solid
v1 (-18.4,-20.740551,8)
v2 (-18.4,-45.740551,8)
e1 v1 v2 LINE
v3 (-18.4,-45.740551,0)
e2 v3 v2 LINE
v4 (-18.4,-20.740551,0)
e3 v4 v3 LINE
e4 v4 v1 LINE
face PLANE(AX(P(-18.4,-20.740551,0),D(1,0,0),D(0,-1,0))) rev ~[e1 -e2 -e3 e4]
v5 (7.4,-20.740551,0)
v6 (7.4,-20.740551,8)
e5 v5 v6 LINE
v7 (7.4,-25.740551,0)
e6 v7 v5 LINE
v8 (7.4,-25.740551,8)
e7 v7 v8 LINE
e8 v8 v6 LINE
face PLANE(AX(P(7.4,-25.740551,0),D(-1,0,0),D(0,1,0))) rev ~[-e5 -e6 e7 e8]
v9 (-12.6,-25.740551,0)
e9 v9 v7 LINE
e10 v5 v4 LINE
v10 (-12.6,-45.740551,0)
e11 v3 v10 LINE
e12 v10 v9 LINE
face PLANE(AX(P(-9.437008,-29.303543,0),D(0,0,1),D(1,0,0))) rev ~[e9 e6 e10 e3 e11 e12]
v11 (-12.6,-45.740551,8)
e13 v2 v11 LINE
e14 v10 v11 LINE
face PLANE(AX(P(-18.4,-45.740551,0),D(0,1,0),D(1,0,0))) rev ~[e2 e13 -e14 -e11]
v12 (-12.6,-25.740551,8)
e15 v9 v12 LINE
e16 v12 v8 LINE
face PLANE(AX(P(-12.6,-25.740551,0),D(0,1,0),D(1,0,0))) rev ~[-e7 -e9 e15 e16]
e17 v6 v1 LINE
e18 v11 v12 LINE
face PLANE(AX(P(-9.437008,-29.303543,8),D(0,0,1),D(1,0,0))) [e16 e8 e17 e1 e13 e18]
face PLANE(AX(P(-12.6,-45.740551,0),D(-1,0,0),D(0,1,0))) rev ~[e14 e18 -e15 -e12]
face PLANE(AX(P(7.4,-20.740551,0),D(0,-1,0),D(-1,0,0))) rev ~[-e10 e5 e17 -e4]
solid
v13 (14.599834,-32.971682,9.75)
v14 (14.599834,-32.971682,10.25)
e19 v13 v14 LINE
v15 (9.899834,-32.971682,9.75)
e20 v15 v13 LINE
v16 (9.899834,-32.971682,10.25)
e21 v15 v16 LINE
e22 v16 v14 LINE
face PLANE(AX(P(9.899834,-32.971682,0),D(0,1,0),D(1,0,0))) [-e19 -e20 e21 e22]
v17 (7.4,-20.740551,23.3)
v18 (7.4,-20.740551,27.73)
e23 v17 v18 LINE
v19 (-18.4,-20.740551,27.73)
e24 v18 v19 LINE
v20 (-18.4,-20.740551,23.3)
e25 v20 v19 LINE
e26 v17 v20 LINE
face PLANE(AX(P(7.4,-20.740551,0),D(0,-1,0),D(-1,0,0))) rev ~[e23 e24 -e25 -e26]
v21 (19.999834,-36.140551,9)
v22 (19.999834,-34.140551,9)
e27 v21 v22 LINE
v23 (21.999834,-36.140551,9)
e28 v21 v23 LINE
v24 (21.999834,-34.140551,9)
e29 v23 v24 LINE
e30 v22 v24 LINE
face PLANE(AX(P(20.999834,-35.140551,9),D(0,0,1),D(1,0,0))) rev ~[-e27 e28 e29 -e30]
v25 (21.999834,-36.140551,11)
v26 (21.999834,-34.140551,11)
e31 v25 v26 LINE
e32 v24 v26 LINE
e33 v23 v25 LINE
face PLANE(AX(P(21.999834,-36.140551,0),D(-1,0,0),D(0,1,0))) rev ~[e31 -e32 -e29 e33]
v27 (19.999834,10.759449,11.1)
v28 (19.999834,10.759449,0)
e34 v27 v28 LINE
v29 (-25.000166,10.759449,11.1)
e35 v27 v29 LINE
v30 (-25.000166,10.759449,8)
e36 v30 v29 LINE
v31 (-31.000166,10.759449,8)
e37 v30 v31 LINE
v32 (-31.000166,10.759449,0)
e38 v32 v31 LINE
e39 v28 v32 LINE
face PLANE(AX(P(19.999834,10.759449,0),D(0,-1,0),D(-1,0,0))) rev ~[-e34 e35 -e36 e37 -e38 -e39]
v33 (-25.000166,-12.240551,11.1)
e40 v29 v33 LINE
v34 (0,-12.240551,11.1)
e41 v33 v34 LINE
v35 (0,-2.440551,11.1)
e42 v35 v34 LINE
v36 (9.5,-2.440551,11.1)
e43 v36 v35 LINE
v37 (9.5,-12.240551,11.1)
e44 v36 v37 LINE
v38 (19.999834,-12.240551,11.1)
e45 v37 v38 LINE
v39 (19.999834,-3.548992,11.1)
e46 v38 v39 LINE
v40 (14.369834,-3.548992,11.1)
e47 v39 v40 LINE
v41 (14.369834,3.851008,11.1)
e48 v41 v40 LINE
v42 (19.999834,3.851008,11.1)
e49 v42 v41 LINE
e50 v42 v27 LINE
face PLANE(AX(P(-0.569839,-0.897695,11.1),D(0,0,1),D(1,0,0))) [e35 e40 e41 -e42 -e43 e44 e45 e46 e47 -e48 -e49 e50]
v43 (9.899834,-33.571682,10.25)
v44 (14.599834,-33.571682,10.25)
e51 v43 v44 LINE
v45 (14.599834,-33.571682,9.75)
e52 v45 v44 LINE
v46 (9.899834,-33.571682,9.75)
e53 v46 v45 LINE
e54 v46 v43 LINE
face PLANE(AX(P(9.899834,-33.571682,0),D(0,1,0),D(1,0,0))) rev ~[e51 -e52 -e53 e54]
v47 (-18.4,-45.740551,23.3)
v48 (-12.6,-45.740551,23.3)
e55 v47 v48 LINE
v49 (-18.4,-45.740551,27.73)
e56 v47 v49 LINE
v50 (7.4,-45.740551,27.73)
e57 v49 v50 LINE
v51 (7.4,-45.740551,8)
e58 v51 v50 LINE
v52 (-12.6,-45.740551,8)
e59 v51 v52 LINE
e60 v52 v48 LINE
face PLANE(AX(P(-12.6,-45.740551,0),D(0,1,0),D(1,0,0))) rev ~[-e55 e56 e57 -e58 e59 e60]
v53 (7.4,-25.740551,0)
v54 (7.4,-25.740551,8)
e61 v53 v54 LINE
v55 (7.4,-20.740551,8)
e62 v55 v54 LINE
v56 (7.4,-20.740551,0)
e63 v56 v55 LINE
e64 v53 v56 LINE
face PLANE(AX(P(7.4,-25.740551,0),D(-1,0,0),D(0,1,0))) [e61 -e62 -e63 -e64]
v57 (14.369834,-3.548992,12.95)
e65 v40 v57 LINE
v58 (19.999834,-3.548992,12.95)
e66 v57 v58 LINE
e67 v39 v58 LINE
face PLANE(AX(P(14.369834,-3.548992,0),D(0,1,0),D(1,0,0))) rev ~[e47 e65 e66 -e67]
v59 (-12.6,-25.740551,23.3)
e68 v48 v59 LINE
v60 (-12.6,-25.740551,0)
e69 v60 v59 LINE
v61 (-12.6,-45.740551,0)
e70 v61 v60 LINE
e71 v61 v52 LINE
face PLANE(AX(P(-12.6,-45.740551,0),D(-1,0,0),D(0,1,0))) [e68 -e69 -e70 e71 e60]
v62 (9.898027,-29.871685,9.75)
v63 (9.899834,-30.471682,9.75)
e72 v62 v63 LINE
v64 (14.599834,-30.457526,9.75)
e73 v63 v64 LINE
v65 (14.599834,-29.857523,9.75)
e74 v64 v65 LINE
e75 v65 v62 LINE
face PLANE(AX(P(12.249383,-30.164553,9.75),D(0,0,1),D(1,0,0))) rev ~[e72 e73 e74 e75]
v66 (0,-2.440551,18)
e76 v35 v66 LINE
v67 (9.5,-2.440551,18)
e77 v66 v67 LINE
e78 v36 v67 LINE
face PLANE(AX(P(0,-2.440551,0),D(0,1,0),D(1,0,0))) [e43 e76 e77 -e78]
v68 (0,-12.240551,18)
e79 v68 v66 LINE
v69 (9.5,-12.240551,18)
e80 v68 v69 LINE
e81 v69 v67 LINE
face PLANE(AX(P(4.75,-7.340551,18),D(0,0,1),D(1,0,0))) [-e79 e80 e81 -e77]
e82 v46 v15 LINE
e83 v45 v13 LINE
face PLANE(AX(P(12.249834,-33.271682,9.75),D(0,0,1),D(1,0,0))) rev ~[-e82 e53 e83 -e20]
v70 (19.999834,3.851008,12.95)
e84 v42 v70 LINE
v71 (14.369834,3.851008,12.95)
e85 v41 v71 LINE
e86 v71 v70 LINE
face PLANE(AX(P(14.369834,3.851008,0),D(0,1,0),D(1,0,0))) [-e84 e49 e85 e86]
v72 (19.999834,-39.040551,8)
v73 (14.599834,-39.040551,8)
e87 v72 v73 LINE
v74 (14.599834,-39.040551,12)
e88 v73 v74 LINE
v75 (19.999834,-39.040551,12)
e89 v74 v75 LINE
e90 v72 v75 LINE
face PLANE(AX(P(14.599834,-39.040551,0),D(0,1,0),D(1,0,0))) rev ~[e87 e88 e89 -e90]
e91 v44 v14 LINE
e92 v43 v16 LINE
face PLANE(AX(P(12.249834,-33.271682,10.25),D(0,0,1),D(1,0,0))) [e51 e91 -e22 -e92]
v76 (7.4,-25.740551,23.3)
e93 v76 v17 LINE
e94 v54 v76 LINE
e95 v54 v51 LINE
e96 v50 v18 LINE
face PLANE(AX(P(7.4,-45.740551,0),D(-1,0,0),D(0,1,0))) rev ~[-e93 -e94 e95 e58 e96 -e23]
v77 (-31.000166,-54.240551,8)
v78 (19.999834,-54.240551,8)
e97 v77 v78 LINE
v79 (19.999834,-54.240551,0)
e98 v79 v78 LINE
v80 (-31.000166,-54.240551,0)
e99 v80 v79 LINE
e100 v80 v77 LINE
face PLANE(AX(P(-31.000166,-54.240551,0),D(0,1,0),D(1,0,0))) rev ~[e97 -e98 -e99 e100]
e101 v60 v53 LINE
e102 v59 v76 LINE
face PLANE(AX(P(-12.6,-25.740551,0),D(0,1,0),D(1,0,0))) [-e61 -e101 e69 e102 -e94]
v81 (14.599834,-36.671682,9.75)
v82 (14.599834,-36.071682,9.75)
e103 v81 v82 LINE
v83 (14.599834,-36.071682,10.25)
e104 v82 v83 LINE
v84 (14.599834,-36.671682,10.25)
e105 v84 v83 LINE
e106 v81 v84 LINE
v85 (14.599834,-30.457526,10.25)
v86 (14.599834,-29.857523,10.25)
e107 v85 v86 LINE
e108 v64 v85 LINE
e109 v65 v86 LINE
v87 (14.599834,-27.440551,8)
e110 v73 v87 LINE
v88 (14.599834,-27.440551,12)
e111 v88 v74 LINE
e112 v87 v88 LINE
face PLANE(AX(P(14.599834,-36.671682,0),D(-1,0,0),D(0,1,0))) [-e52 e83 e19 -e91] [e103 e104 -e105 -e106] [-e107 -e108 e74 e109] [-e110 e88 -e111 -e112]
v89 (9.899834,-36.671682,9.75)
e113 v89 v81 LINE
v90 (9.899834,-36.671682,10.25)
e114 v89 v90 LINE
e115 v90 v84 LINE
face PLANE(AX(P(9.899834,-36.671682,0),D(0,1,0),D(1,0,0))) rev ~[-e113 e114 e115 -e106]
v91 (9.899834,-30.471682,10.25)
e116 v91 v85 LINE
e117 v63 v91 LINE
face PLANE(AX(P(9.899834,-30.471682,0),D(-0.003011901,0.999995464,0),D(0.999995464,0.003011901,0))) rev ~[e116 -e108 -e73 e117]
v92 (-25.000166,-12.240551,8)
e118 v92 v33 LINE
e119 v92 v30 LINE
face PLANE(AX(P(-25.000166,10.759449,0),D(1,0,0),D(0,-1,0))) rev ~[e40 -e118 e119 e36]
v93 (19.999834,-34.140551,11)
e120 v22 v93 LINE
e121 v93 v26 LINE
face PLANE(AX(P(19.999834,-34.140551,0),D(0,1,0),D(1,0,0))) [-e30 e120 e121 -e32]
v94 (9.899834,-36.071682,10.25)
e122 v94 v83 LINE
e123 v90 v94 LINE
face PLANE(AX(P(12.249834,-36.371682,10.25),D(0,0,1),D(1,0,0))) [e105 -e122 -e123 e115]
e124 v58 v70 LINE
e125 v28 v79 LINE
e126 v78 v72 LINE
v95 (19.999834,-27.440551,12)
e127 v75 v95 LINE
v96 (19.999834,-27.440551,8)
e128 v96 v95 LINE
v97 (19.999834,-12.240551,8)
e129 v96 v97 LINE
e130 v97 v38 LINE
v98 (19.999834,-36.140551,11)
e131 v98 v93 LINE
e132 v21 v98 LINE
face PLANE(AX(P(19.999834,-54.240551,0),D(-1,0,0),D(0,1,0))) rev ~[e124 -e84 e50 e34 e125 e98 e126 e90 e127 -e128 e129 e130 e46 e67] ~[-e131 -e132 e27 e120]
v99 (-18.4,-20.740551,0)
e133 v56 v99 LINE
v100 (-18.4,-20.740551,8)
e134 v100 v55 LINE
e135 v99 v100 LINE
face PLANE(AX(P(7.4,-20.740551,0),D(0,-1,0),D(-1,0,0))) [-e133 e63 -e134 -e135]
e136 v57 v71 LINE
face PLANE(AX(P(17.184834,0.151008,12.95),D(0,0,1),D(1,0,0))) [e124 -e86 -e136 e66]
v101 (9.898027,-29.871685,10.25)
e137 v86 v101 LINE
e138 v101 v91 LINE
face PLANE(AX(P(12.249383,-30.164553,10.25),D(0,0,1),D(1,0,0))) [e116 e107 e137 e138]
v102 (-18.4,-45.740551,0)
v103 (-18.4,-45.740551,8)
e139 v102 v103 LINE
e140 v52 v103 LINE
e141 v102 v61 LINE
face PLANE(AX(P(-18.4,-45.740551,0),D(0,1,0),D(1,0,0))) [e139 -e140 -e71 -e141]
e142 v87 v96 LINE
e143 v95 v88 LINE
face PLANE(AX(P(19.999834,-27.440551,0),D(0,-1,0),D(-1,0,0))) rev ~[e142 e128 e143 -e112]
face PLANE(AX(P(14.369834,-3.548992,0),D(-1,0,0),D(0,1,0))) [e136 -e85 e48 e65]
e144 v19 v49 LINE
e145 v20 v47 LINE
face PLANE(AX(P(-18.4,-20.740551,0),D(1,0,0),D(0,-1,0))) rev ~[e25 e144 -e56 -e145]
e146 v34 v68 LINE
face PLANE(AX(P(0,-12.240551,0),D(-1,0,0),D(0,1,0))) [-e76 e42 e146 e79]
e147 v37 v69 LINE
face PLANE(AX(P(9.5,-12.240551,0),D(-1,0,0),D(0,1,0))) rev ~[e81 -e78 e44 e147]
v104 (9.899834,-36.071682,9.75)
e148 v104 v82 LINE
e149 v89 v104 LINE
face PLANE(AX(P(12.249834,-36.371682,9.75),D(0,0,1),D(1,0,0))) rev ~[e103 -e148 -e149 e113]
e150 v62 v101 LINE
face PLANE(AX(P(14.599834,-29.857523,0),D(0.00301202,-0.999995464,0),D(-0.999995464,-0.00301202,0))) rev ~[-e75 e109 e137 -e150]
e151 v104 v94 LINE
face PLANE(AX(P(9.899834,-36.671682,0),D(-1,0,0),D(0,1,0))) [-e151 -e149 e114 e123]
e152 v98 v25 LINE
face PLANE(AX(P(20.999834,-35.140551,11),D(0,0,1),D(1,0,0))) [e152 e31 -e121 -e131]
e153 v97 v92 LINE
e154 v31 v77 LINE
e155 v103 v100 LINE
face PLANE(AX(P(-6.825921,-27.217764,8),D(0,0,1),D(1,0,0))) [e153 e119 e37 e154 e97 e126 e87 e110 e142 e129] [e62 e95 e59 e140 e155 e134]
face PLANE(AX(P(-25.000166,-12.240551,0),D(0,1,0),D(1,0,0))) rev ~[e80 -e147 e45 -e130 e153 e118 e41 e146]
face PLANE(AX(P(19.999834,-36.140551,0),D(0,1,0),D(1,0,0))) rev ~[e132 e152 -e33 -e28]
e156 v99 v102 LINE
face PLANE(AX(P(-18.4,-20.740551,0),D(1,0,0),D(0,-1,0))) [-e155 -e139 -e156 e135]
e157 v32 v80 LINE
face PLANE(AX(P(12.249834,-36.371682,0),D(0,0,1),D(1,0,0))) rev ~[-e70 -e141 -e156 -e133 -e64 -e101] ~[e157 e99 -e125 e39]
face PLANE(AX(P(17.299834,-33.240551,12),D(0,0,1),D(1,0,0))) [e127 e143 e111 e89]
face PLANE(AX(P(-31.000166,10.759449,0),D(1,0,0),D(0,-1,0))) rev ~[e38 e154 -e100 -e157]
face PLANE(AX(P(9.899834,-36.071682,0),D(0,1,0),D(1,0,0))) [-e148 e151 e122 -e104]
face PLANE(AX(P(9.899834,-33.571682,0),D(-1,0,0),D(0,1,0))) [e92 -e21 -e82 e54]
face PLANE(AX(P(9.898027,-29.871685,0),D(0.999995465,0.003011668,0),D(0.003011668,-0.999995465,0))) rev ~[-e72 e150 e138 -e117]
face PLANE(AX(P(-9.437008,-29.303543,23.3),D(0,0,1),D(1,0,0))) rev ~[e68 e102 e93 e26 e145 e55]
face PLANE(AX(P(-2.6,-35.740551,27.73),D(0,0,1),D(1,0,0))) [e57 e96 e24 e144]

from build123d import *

# Parameters (mm, degrees)
F0_W      = 20
F0_H      = 20
F0_W_2    = 9.5
F0_H_2    = 9.8
F0_W_3    = 5.63
F0_H_3    = 7.4
F0_W_4    = 4.7
F0_H_4    = 0.6
F1_DEPTH  = 8
F2_DEPTH  = 11.1
F3_DEPTH  = 12.95
F4_DEPTH  = 18
F5_DEPTH  = 23.3
F6_DEPTH  = 27.73
F7_DEPTH  = 23.3
F8_DEPTH  = 8
F9_DEPTH  = 12
F10_DEPTH = 10.25
F11_DEPTH = 9.75
F12_DEPTH = 8
F0_W_5    = 2
F0_H_5    = 2
F13_DEPTH = 11
F14_DEPTH = 9


with BuildPart() as f1:
    # F0 (on Top) → F1 (new body)
    with BuildSketch(Plane.XY):
        Polygon((-25.000166, 10.759449), (-31.000166, 10.759449), (-31.000166, -54.240551), (19.999834, -54.240551), (19.999834, -39.040551), (14.599834, -39.040551), (14.599834, -36.671682), (9.899834, -36.671682), (9.899834, -36.071682), (14.599834, -36.071682), (14.599834, -33.571682), (9.899834, -33.571682), (9.899834, -32.971682), (14.599834, -32.971682), (14.599834, -30.457526), (9.899834, -30.471682), (9.898027, -29.871685), (14.599834, -29.857523), (14.599834, -27.440551), (19.999834, -27.440551), (19.999834, -12.240551), (9.5, -12.240551), (0, -12.240551), (-25.000166, -12.240551), align=None)
        Polygon((-12.6, -45.740551), (-18.4, -45.740551), (-18.4, -20.740551), (7.4, -20.740551), (7.4, -25.740551), (7.4, -45.740551), align=None, mode=Mode.SUBTRACT)
        with Locations((-2.6, -35.740551)):
            Rectangle(F0_W, F0_H)
        Polygon((-18.4, -20.740551), (-18.4, -45.740551), (-12.6, -45.740551), (-12.6, -25.740551), (7.4, -25.740551), (7.4, -20.740551), align=None)
        Polygon((19.999834, 10.759449), (-25.000166, 10.759449), (-25.000166, -12.240551), (0, -12.240551), (0, -2.440551), (9.5, -2.440551), (9.5, -12.240551), (19.999834, -12.240551), (19.999834, -3.548992), (14.369834, -3.548992), (14.369834, 3.851008), (19.999834, 3.851008), align=None)
        with Locations((4.75, -7.340551)):
            Rectangle(F0_W_2, F0_H_2)
        with Locations((17.184834, 0.151008)):
            Rectangle(F0_W_3, F0_H_3)
        Polygon((14.599834, -39.040551), (19.999834, -39.040551), (19.999834, -36.140551), (19.999834, -34.140551), (19.999834, -27.440551), (14.599834, -27.440551), (14.599834, -29.857523), (14.599834, -30.457526), (14.599834, -32.971682), (14.599834, -33.571682), (14.599834, -36.071682), (14.599834, -36.671682), align=None)
        with Locations((12.249834, -36.371682)):
            Rectangle(F0_W_4, F0_H_4)
        with Locations((12.249834, -33.271682)):
            Rectangle(F0_W_4, F0_H_4)
        Polygon((14.599834, -30.457526), (14.599834, -29.857523), (9.898027, -29.871685), (9.899834, -30.471682), align=None)
    extrude(amount=F1_DEPTH)

    # F0 (on Top) → F2 (join)
    with BuildSketch(Plane.XY):
        Polygon((19.999834, 10.759449), (-25.000166, 10.759449), (-25.000166, -12.240551), (0, -12.240551), (0, -2.440551), (9.5, -2.440551), (9.5, -12.240551), (19.999834, -12.240551), (19.999834, -3.548992), (14.369834, -3.548992), (14.369834, 3.851008), (19.999834, 3.851008), align=None)
        with Locations((4.75, -7.340551)):
            Rectangle(F0_W_2, F0_H_2)
        with Locations((17.184834, 0.151008)):
            Rectangle(F0_W_3, F0_H_3)
    extrude(amount=F2_DEPTH)

    # F0 (on Top) → F3 (join)
    with BuildSketch(Plane.XY):
        with Locations((17.184834, 0.151008)):
            Rectangle(F0_W_3, F0_H_3)
    extrude(amount=F3_DEPTH)

    # F0 (on Top) → F4 (join)
    with BuildSketch(Plane.XY):
        with Locations((4.75, -7.340551)):
            Rectangle(F0_W_2, F0_H_2)
    extrude(amount=F4_DEPTH)

    # F0 (on Top) → F5 (join)
    with BuildSketch(Plane.XY):
        with Locations((-2.6, -35.740551)):
            Rectangle(F0_W, F0_H)
    extrude(amount=F5_DEPTH)

    # F0 (on Top) → F6 (join)
    with BuildSketch(Plane.XY):
        with Locations((-2.6, -35.740551)):
            Rectangle(F0_W, F0_H)
        Polygon((-18.4, -20.740551), (-18.4, -45.740551), (-12.6, -45.740551), (-12.6, -25.740551), (7.4, -25.740551), (7.4, -20.740551), align=None)
    extrude(amount=F6_DEPTH)

    # F0 (on Top) → F7 (cut)
    with BuildSketch(Plane.XY):
        Polygon((-18.4, -20.740551), (-18.4, -45.740551), (-12.6, -45.740551), (-12.6, -25.740551), (7.4, -25.740551), (7.4, -20.740551), align=None)
    extrude(amount=F7_DEPTH, mode=Mode.SUBTRACT)

    # F0 (on Top) → F9 (join)
    with BuildSketch(Plane.XY):
        Polygon((14.599834, -39.040551), (19.999834, -39.040551), (19.999834, -36.140551), (19.999834, -34.140551), (19.999834, -27.440551), (14.599834, -27.440551), (14.599834, -29.857523), (14.599834, -30.457526), (14.599834, -32.971682), (14.599834, -33.571682), (14.599834, -36.071682), (14.599834, -36.671682), align=None)
    extrude(amount=F9_DEPTH)

    # F0 (on Top) → F10 (join)
    with BuildSketch(Plane.XY):
        Polygon((14.599834, -30.457526), (14.599834, -29.857523), (9.898027, -29.871685), (9.899834, -30.471682), align=None)
        with Locations((12.249834, -33.271682)):
            Rectangle(F0_W_4, F0_H_4)
        with Locations((12.249834, -36.371682)):
            Rectangle(F0_W_4, F0_H_4)
    extrude(amount=F10_DEPTH)

    # F0 (on Top) → F11 (cut)
    with BuildSketch(Plane.XY):
        Polygon((14.599834, -30.457526), (14.599834, -29.857523), (9.898027, -29.871685), (9.899834, -30.471682), align=None)
        with Locations((12.249834, -33.271682)):
            Rectangle(F0_W_4, F0_H_4)
        with Locations((12.249834, -36.371682)):
            Rectangle(F0_W_4, F0_H_4)
    extrude(amount=F11_DEPTH, mode=Mode.SUBTRACT)

    # F0 (on Top) → F12 (join)
    with BuildSketch(Plane.XY):
        with Locations((12.249834, -36.371682)):
            Rectangle(F0_W_4, F0_H_4)
        with Locations((12.249834, -33.271682)):
            Rectangle(F0_W_4, F0_H_4)
        Polygon((14.599834, -30.457526), (14.599834, -29.857523), (9.898027, -29.871685), (9.899834, -30.471682), align=None)
    extrude(amount=F12_DEPTH)

    # F0 (on Top) → F13 (join)
    with BuildSketch(Plane.XY):
        with Locations((20.999834, -35.140551)):
            Rectangle(F0_W_5, F0_H_5)
    extrude(amount=F13_DEPTH)

    # F0 (on Top) → F14 (cut)
    with BuildSketch(Plane.XY):
        with Locations((20.999834, -35.140551)):
            Rectangle(F0_W_5, F0_H_5)
    extrude(amount=F14_DEPTH, mode=Mode.SUBTRACT)


with BuildPart() as f8:
    # F0 (on Top) → F8 (new body)
    with BuildSketch(Plane.XY):
        Polygon((-18.4, -20.740551), (-18.4, -45.740551), (-12.6, -45.740551), (-12.6, -25.740551), (7.4, -25.740551), (7.4, -20.740551), align=None)
    extrude(amount=F8_DEPTH)


solid = Compound([f1.part, f8.part])
